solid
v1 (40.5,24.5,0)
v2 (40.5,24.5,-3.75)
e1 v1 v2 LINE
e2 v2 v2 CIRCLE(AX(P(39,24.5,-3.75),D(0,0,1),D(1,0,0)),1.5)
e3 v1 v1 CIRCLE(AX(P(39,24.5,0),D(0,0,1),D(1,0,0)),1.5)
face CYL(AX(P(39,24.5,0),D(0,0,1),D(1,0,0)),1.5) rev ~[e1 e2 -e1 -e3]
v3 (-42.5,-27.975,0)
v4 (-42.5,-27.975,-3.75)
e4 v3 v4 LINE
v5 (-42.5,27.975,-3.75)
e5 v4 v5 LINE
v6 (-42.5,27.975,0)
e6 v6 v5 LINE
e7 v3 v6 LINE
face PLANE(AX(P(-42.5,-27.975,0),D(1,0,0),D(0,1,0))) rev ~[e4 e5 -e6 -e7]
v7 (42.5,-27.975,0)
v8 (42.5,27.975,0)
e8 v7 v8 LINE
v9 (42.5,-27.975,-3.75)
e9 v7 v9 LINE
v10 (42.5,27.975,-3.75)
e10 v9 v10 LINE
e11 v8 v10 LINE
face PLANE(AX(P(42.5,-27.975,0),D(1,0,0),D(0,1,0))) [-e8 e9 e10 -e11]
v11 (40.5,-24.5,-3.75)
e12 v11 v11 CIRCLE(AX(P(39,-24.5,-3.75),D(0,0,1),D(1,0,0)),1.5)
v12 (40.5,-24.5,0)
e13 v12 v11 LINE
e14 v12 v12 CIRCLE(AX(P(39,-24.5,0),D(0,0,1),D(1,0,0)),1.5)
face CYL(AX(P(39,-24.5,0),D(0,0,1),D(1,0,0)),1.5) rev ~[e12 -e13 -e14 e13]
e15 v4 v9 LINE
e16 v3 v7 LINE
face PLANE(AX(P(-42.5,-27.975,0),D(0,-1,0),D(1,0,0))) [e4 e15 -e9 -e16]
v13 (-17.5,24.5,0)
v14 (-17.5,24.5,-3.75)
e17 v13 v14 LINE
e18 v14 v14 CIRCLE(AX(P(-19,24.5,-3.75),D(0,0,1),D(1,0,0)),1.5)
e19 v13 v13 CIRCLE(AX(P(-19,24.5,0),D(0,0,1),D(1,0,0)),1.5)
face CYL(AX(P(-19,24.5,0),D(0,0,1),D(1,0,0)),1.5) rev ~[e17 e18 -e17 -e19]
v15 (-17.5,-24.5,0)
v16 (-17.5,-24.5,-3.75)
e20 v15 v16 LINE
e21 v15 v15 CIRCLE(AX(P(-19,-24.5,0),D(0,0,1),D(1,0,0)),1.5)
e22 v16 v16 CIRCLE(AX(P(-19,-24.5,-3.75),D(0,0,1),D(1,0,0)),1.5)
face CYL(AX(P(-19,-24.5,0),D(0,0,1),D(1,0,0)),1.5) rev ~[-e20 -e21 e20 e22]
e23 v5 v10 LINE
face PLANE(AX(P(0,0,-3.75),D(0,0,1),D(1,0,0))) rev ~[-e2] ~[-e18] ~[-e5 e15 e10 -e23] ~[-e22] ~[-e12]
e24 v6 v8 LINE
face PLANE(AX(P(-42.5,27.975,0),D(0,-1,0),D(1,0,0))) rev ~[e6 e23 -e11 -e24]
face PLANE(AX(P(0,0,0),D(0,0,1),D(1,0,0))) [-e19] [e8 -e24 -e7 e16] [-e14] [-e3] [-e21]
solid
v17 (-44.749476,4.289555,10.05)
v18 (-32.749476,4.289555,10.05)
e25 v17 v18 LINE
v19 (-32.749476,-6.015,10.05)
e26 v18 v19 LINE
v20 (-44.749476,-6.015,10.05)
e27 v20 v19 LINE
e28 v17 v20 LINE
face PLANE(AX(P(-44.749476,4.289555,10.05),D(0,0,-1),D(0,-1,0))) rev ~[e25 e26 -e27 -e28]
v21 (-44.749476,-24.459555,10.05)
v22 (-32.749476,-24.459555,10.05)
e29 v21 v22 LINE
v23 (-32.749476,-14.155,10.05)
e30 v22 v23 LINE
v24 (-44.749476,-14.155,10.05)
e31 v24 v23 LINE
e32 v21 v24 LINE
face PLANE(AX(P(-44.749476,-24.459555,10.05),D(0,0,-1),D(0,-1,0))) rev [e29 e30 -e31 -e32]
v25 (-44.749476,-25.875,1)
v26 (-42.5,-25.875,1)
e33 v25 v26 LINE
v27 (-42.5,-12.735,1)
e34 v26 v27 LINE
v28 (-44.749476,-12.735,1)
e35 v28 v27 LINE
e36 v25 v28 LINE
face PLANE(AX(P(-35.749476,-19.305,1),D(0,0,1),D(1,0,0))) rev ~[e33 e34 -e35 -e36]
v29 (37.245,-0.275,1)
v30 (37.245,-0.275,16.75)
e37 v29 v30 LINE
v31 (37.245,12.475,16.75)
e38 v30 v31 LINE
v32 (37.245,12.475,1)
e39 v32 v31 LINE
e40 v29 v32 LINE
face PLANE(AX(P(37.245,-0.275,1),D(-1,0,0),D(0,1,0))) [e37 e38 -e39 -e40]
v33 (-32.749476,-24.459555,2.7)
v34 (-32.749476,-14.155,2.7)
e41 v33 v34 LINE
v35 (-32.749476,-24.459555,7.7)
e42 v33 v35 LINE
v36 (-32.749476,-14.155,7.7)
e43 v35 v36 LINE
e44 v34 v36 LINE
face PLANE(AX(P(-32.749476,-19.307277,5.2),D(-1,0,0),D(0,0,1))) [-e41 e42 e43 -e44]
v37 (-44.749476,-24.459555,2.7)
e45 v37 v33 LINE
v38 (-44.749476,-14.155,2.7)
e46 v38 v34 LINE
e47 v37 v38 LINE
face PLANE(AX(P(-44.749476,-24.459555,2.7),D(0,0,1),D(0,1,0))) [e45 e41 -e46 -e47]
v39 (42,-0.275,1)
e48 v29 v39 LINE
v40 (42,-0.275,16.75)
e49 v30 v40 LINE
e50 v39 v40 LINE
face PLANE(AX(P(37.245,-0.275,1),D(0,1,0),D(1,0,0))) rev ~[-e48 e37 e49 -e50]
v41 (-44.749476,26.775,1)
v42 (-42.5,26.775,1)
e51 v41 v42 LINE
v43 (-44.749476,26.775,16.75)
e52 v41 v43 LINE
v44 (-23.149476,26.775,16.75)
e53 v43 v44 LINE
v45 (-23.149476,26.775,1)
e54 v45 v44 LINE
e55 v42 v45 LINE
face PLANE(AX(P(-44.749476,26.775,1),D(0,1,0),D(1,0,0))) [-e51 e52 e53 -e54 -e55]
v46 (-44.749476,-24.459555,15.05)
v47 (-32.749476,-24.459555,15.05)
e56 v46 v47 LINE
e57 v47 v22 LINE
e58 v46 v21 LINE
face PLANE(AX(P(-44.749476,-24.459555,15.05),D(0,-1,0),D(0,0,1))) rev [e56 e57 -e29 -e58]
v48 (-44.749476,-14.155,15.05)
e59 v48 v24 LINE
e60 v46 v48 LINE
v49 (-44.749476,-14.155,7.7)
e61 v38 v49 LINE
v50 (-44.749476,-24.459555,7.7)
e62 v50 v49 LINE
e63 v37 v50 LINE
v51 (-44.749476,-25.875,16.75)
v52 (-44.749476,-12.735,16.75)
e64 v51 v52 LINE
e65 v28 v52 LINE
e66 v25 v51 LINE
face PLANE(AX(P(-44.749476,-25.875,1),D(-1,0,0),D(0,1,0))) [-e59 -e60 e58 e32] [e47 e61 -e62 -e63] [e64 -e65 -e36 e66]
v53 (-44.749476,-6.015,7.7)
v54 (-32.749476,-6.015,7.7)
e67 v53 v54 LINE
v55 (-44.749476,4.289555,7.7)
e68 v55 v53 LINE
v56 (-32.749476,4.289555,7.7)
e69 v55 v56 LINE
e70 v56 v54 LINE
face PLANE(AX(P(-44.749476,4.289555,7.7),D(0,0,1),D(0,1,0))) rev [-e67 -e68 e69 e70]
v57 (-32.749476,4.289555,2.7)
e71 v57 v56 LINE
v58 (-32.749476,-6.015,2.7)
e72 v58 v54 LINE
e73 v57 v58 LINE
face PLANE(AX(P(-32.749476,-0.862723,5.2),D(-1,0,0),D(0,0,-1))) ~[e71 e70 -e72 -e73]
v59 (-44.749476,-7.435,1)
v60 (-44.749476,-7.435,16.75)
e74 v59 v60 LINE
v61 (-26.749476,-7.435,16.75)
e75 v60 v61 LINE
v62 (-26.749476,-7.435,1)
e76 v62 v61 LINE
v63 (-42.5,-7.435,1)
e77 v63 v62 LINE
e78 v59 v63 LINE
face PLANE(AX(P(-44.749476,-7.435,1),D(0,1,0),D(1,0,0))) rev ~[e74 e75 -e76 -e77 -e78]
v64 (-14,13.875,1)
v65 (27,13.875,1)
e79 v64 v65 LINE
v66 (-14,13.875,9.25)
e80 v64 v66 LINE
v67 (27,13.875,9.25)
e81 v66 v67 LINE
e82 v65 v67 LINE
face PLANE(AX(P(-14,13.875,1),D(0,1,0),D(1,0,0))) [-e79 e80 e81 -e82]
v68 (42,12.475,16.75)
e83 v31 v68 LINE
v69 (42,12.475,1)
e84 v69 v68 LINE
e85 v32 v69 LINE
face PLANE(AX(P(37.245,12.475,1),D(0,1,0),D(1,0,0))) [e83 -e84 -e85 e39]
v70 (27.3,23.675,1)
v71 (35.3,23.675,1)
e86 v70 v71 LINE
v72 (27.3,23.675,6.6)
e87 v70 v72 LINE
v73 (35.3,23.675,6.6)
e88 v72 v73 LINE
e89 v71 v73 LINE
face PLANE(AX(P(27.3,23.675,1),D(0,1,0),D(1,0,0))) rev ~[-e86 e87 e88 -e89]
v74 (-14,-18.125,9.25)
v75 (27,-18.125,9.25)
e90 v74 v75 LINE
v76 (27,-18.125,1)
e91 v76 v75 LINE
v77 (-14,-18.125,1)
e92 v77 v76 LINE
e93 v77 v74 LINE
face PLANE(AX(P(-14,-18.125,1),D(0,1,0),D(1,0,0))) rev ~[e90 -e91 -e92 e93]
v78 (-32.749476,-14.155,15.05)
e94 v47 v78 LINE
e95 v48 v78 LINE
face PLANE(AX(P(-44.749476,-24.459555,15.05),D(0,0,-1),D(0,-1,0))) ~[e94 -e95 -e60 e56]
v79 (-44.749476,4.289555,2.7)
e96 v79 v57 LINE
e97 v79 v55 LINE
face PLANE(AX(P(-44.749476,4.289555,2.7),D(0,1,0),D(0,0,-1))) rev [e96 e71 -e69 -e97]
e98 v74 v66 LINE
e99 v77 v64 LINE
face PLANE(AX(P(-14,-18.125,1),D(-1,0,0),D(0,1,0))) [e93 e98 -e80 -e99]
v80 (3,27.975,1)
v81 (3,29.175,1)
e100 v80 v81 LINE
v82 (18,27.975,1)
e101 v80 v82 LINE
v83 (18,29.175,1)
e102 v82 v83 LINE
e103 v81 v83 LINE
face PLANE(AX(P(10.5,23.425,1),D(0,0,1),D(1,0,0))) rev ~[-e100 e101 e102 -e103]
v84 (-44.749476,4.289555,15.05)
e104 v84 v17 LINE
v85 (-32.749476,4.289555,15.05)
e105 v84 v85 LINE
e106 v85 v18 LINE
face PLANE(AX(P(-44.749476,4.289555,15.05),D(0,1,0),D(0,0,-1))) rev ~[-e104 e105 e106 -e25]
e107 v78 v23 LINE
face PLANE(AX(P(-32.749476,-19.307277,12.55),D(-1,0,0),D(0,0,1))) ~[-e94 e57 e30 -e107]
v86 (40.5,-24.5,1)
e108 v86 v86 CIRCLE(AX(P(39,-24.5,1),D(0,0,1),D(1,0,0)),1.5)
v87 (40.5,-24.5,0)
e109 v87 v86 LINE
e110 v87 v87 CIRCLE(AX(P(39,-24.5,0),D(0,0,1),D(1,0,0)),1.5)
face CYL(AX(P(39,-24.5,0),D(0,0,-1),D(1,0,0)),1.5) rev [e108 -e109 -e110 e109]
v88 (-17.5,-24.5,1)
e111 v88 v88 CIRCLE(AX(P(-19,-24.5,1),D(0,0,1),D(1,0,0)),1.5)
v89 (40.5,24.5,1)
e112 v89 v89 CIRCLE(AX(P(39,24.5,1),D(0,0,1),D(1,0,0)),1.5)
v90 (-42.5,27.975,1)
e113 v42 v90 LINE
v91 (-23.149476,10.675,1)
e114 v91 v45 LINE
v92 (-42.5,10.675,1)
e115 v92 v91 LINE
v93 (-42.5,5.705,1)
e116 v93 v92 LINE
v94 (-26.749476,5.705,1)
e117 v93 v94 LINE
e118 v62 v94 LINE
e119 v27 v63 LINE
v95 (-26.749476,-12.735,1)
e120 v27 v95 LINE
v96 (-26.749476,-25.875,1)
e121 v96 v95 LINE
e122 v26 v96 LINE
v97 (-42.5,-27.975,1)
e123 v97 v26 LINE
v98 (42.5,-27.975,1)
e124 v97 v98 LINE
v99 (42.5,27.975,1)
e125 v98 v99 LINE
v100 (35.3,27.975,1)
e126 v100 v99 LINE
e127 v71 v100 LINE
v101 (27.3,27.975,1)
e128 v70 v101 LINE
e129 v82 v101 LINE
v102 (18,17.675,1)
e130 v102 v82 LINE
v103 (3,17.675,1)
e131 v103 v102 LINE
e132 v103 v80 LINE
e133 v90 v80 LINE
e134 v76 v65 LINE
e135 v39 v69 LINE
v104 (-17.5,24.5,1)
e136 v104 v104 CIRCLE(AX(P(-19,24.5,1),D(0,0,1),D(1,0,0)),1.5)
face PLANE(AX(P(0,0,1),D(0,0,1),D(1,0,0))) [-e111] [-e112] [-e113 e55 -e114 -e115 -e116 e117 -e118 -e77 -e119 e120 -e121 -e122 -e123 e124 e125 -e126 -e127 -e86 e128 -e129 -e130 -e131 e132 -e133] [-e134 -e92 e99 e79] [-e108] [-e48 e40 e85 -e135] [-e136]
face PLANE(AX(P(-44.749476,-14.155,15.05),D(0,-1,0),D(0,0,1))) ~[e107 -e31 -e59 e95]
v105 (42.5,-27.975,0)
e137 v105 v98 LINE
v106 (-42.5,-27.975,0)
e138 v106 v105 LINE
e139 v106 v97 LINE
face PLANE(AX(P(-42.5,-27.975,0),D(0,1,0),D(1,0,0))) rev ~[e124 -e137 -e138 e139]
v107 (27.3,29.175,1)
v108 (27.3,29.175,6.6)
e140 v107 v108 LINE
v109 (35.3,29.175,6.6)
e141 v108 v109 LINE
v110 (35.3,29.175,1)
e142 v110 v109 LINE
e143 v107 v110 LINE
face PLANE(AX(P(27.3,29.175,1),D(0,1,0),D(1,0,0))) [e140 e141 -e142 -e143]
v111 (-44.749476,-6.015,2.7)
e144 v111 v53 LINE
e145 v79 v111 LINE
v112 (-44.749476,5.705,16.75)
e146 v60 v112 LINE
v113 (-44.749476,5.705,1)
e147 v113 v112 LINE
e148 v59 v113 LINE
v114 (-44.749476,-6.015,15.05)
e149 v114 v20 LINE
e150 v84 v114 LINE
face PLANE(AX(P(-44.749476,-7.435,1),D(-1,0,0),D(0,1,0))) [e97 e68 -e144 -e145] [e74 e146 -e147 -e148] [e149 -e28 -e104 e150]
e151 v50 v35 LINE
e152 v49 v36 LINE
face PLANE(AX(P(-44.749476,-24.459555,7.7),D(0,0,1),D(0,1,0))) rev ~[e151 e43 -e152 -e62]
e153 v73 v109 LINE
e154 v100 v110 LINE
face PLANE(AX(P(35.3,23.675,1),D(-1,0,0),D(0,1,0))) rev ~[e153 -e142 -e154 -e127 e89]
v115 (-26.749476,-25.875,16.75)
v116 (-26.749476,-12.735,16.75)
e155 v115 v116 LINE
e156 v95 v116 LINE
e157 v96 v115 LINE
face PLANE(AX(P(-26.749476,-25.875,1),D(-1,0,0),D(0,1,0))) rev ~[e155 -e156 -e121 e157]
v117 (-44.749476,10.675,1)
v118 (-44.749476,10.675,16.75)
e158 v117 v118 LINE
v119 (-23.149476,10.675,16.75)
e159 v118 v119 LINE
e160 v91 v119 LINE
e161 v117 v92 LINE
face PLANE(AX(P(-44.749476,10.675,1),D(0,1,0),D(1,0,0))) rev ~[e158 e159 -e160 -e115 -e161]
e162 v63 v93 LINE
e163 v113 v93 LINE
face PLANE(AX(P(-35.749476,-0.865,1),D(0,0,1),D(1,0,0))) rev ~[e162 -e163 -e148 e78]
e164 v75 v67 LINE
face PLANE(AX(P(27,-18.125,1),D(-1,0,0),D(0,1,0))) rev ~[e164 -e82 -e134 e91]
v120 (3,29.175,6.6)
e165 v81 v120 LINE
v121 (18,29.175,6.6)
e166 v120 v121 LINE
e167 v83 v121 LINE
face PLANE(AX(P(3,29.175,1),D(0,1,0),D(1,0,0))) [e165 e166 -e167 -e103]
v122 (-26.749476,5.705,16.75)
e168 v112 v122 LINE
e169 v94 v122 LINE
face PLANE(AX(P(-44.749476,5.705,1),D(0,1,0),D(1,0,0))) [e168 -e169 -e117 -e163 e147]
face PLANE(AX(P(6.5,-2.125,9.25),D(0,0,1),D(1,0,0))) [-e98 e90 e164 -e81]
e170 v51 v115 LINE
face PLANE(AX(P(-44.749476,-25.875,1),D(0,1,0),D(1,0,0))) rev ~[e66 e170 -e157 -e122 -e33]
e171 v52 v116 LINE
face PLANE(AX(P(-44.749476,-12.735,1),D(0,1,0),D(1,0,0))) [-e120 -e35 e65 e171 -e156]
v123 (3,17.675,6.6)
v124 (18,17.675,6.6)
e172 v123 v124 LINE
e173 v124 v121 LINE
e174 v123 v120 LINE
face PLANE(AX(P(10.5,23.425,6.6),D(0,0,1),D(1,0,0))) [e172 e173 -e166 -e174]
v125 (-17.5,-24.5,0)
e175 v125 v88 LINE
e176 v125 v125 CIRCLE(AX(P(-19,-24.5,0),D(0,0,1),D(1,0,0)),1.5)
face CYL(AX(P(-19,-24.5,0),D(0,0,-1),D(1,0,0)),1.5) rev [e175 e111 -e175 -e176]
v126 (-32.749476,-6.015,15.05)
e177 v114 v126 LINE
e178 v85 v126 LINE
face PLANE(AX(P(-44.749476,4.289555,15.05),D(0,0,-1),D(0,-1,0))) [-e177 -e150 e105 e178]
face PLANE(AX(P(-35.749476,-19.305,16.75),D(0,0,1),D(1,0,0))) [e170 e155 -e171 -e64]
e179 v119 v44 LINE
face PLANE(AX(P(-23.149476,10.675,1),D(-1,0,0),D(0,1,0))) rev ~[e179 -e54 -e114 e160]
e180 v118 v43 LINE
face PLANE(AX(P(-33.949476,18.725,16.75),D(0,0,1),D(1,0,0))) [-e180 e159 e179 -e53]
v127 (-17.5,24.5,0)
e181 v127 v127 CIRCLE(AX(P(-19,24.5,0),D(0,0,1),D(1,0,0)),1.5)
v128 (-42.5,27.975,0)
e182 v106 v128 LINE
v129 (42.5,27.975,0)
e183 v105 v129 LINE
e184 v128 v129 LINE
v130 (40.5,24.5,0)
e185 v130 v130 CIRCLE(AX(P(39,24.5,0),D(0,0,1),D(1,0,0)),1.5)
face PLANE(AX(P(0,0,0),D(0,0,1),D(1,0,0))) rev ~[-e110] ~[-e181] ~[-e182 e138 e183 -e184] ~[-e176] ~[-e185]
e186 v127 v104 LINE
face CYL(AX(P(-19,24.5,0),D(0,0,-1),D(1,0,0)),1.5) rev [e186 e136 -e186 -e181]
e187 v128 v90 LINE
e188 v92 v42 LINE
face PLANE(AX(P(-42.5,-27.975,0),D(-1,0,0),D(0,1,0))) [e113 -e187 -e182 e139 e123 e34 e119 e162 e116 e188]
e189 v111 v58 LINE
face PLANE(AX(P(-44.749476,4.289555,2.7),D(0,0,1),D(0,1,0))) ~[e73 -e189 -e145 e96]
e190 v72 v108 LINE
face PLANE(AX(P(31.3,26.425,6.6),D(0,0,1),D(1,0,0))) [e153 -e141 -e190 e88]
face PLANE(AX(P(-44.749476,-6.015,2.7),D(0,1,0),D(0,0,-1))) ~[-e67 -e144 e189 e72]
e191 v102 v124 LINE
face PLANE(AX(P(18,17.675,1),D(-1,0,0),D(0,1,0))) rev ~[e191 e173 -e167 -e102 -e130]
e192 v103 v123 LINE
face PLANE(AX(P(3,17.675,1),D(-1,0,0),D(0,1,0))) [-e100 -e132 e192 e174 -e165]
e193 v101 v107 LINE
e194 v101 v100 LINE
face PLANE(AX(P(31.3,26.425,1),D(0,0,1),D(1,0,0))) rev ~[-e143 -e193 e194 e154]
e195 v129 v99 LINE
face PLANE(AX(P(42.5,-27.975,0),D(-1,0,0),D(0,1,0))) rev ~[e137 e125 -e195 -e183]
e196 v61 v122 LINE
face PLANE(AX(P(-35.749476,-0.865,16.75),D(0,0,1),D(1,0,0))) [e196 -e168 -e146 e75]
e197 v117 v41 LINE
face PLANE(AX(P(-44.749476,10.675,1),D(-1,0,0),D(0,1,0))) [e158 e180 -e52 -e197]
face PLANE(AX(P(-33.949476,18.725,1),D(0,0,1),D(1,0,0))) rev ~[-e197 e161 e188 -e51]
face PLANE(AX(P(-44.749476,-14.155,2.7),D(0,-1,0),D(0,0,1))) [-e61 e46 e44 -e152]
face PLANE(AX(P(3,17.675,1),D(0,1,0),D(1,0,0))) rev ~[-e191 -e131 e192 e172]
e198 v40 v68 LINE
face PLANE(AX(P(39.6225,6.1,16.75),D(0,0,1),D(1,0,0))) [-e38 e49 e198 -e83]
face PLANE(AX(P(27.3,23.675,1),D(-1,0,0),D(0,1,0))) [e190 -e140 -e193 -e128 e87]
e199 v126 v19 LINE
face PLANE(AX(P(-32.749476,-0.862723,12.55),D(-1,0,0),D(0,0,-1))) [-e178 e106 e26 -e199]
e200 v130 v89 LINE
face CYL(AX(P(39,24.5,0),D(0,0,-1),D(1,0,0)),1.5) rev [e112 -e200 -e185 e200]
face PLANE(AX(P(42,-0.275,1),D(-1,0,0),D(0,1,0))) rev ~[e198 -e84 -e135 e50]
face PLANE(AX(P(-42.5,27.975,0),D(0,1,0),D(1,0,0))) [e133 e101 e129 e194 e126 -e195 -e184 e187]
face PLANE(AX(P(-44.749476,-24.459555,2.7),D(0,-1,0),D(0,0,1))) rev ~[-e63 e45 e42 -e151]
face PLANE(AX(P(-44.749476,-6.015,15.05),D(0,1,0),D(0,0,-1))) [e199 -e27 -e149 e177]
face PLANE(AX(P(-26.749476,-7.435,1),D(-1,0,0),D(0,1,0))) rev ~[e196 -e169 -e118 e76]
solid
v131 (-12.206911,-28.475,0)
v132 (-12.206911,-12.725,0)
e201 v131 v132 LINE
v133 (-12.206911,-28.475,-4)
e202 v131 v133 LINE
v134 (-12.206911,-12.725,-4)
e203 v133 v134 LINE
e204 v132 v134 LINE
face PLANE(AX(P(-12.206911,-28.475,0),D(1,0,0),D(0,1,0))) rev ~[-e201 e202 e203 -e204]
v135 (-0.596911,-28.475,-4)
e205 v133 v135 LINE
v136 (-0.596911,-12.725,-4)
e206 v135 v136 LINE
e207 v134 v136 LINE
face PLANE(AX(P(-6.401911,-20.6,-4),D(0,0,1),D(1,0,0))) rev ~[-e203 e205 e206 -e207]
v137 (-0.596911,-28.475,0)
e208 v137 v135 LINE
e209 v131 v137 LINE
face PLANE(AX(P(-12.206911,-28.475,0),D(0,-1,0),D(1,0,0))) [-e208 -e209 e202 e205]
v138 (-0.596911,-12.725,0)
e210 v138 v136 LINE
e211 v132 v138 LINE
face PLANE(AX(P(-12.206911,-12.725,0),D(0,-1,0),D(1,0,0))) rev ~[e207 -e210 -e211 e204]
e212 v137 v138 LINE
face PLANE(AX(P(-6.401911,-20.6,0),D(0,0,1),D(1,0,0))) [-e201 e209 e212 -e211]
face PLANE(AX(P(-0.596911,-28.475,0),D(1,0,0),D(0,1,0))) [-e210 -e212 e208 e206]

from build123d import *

# Parameters (mm, degrees)
SKETCH1_W                         = 85
SKETCH1_H                         = 55.95
SKETCH1_R                         = 1.5
BOSS_EXTRUDE1_DEPTH               = 1
SKETCH1_2_W                       = 85
SKETCH1_2_H                       = 55.95
SKETCH1_2_R                       = 1.5
BOSS_EXTRUDE2_LOWER_KEEPOUT_DEPTH = 3.75
SKETCH3_W                         = 41
SKETCH3_H                         = 32
BOSS_EXTRUDE3_DEPTH               = 8.25
SKETCH4_W                         = 18
SKETCH4_H                         = 13.14
SKETCH4_W_2                       = 4.755
SKETCH4_H_2                       = 12.75
SKETCH4_W_3                       = 21.6
SKETCH4_H_3                       = 16.1
BOSS_EXTRUDE4_DEPTH               = 15.75
SKETCH5_W                         = 15
SKETCH5_H                         = 11.5
SKETCH5_W_2                       = 8
SKETCH5_H_2                       = 5.5
BOSS_EXTRUDE5_DEPTH               = 5.6
SKETCH6_W                         = 11.61
SKETCH6_H                         = 15.75
BOSS_EXTRUDE6_DEPTH               = 4
SKETCH7_W                         = 5
SKETCH7_H                         = 10.304554558
CUT_EXTRUDE1_DEPTH                = 12
MIRROR2_COPY_1_SKETCH_W           = 5
MIRROR2_COPY_1_SKETCH_H           = 10.304554558
MIRROR2_COPY_1_DEPTH              = 12
MIRROR2_COPY_2_SKETCH_W           = 5
MIRROR2_COPY_2_SKETCH_H           = 10.304554558
MIRROR2_COPY_2_DEPTH              = 12


with BuildPart() as part:
    # Sketch1 → Boss-Extrude1 (new body)
    with BuildSketch(Plane.XY):
        Rectangle(SKETCH1_W, SKETCH1_H)
        with Locations((-19.000000078, 24.5)):
            Circle(SKETCH1_R, mode=Mode.SUBTRACT)
        with Locations((-19.000000078, -24.5)):
            Circle(SKETCH1_R, mode=Mode.SUBTRACT)
        with Locations((39, 24.5)):
            Circle(SKETCH1_R, mode=Mode.SUBTRACT)
        with Locations((39, -24.5)):
            Circle(SKETCH1_R, mode=Mode.SUBTRACT)
    extrude(amount=BOSS_EXTRUDE1_DEPTH)

    # Sketch3 → Boss-Extrude3 (add)
    with BuildSketch(Plane.XY.offset(1)):
        with Locations((6.5, -2.125)):
            Rectangle(SKETCH3_W, SKETCH3_H)
    extrude(amount=BOSS_EXTRUDE3_DEPTH)

    # Sketch4 → Boss-Extrude4 (add)
    with BuildSketch(Plane.XY.offset(1)):
        with Locations((-35.74947609, -0.865)):
            Rectangle(SKETCH4_W, SKETCH4_H)
        with Locations((-35.74947609, -19.305)):
            Rectangle(SKETCH4_W, SKETCH4_H)
        with Locations((39.6225, 6.1)):
            Rectangle(SKETCH4_W_2, SKETCH4_H_2)
        with Locations((-33.94947609, 18.725)):
            Rectangle(SKETCH4_W_3, SKETCH4_H_3)
    extrude(amount=BOSS_EXTRUDE4_DEPTH)

    # Sketch5 → Boss-Extrude5 (add)
    with BuildSketch(Plane.XY.offset(1)):
        with Locations((10.5, 23.425)):
            Rectangle(SKETCH5_W, SKETCH5_H)
        with Locations((31.3, 26.425)):
            Rectangle(SKETCH5_W_2, SKETCH5_H_2)
    extrude(amount=BOSS_EXTRUDE5_DEPTH)

    # Sketch7 → Cut-Extrude1 (cut)
    with BuildSketch(Plane.ZY.offset(44.74947609)):
        with Locations((5.2, -19.307277279)):
            Rectangle(SKETCH7_W, SKETCH7_H)
    cut_extrude1 = extrude(amount=-CUT_EXTRUDE1_DEPTH, mode=Mode.SUBTRACT)

    # Mirror1: Cut-Extrude1 across plane
    add(cut_extrude1.mirror(Plane.XY.offset(8.875)), mode=Mode.SUBTRACT)

    # Mirror2 copy 1 sketch → Mirror2 copy 1 (cut)
    with BuildSketch(Plane(origin=(-44.74947609, -20.17, 17.75), x_dir=(0, 0, -1), z_dir=(-1, 0, 0))):
        with Locations((5.2, -19.307277279)):
            Rectangle(MIRROR2_COPY_1_SKETCH_W, MIRROR2_COPY_1_SKETCH_H)
    extrude(amount=-MIRROR2_COPY_1_DEPTH, mode=Mode.SUBTRACT)

    # Mirror2 copy 2 sketch → Mirror2 copy 2 (cut)
    with BuildSketch(Plane(origin=(-44.74947609, -20.17, 0), x_dir=(0, 0, 1), z_dir=(-1, 0, 0))):
        with Locations((5.2, 19.307277279)):
            Rectangle(MIRROR2_COPY_2_SKETCH_W, MIRROR2_COPY_2_SKETCH_H)
    extrude(amount=-MIRROR2_COPY_2_DEPTH, mode=Mode.SUBTRACT)


with BuildPart() as body_2:
    # Sketch1<2> → Boss-Extrude2-lower-keepout (new body)
    with BuildSketch(Plane.XY):
        Rectangle(SKETCH1_2_W, SKETCH1_2_H)
        with Locations((-19.000000078, 24.5)):
            Circle(SKETCH1_2_R, mode=Mode.SUBTRACT)
        with Locations((-19.000000078, -24.5)):
            Circle(SKETCH1_2_R, mode=Mode.SUBTRACT)
        with Locations((39, 24.5)):
            Circle(SKETCH1_2_R, mode=Mode.SUBTRACT)
        with Locations((39, -24.5)):
            Circle(SKETCH1_2_R, mode=Mode.SUBTRACT)
    extrude(amount=-BOSS_EXTRUDE2_LOWER_KEEPOUT_DEPTH)


with BuildPart() as body_3:
    # Sketch6 → Boss-Extrude6 (new body)
    with BuildSketch(Plane.XY):
        with Locations((-6.401910681, -20.6)):
            Rectangle(SKETCH6_W, SKETCH6_H)
    extrude(amount=-BOSS_EXTRUDE6_DEPTH)


solid = Compound([part.part, body_2.part, body_3.part])
